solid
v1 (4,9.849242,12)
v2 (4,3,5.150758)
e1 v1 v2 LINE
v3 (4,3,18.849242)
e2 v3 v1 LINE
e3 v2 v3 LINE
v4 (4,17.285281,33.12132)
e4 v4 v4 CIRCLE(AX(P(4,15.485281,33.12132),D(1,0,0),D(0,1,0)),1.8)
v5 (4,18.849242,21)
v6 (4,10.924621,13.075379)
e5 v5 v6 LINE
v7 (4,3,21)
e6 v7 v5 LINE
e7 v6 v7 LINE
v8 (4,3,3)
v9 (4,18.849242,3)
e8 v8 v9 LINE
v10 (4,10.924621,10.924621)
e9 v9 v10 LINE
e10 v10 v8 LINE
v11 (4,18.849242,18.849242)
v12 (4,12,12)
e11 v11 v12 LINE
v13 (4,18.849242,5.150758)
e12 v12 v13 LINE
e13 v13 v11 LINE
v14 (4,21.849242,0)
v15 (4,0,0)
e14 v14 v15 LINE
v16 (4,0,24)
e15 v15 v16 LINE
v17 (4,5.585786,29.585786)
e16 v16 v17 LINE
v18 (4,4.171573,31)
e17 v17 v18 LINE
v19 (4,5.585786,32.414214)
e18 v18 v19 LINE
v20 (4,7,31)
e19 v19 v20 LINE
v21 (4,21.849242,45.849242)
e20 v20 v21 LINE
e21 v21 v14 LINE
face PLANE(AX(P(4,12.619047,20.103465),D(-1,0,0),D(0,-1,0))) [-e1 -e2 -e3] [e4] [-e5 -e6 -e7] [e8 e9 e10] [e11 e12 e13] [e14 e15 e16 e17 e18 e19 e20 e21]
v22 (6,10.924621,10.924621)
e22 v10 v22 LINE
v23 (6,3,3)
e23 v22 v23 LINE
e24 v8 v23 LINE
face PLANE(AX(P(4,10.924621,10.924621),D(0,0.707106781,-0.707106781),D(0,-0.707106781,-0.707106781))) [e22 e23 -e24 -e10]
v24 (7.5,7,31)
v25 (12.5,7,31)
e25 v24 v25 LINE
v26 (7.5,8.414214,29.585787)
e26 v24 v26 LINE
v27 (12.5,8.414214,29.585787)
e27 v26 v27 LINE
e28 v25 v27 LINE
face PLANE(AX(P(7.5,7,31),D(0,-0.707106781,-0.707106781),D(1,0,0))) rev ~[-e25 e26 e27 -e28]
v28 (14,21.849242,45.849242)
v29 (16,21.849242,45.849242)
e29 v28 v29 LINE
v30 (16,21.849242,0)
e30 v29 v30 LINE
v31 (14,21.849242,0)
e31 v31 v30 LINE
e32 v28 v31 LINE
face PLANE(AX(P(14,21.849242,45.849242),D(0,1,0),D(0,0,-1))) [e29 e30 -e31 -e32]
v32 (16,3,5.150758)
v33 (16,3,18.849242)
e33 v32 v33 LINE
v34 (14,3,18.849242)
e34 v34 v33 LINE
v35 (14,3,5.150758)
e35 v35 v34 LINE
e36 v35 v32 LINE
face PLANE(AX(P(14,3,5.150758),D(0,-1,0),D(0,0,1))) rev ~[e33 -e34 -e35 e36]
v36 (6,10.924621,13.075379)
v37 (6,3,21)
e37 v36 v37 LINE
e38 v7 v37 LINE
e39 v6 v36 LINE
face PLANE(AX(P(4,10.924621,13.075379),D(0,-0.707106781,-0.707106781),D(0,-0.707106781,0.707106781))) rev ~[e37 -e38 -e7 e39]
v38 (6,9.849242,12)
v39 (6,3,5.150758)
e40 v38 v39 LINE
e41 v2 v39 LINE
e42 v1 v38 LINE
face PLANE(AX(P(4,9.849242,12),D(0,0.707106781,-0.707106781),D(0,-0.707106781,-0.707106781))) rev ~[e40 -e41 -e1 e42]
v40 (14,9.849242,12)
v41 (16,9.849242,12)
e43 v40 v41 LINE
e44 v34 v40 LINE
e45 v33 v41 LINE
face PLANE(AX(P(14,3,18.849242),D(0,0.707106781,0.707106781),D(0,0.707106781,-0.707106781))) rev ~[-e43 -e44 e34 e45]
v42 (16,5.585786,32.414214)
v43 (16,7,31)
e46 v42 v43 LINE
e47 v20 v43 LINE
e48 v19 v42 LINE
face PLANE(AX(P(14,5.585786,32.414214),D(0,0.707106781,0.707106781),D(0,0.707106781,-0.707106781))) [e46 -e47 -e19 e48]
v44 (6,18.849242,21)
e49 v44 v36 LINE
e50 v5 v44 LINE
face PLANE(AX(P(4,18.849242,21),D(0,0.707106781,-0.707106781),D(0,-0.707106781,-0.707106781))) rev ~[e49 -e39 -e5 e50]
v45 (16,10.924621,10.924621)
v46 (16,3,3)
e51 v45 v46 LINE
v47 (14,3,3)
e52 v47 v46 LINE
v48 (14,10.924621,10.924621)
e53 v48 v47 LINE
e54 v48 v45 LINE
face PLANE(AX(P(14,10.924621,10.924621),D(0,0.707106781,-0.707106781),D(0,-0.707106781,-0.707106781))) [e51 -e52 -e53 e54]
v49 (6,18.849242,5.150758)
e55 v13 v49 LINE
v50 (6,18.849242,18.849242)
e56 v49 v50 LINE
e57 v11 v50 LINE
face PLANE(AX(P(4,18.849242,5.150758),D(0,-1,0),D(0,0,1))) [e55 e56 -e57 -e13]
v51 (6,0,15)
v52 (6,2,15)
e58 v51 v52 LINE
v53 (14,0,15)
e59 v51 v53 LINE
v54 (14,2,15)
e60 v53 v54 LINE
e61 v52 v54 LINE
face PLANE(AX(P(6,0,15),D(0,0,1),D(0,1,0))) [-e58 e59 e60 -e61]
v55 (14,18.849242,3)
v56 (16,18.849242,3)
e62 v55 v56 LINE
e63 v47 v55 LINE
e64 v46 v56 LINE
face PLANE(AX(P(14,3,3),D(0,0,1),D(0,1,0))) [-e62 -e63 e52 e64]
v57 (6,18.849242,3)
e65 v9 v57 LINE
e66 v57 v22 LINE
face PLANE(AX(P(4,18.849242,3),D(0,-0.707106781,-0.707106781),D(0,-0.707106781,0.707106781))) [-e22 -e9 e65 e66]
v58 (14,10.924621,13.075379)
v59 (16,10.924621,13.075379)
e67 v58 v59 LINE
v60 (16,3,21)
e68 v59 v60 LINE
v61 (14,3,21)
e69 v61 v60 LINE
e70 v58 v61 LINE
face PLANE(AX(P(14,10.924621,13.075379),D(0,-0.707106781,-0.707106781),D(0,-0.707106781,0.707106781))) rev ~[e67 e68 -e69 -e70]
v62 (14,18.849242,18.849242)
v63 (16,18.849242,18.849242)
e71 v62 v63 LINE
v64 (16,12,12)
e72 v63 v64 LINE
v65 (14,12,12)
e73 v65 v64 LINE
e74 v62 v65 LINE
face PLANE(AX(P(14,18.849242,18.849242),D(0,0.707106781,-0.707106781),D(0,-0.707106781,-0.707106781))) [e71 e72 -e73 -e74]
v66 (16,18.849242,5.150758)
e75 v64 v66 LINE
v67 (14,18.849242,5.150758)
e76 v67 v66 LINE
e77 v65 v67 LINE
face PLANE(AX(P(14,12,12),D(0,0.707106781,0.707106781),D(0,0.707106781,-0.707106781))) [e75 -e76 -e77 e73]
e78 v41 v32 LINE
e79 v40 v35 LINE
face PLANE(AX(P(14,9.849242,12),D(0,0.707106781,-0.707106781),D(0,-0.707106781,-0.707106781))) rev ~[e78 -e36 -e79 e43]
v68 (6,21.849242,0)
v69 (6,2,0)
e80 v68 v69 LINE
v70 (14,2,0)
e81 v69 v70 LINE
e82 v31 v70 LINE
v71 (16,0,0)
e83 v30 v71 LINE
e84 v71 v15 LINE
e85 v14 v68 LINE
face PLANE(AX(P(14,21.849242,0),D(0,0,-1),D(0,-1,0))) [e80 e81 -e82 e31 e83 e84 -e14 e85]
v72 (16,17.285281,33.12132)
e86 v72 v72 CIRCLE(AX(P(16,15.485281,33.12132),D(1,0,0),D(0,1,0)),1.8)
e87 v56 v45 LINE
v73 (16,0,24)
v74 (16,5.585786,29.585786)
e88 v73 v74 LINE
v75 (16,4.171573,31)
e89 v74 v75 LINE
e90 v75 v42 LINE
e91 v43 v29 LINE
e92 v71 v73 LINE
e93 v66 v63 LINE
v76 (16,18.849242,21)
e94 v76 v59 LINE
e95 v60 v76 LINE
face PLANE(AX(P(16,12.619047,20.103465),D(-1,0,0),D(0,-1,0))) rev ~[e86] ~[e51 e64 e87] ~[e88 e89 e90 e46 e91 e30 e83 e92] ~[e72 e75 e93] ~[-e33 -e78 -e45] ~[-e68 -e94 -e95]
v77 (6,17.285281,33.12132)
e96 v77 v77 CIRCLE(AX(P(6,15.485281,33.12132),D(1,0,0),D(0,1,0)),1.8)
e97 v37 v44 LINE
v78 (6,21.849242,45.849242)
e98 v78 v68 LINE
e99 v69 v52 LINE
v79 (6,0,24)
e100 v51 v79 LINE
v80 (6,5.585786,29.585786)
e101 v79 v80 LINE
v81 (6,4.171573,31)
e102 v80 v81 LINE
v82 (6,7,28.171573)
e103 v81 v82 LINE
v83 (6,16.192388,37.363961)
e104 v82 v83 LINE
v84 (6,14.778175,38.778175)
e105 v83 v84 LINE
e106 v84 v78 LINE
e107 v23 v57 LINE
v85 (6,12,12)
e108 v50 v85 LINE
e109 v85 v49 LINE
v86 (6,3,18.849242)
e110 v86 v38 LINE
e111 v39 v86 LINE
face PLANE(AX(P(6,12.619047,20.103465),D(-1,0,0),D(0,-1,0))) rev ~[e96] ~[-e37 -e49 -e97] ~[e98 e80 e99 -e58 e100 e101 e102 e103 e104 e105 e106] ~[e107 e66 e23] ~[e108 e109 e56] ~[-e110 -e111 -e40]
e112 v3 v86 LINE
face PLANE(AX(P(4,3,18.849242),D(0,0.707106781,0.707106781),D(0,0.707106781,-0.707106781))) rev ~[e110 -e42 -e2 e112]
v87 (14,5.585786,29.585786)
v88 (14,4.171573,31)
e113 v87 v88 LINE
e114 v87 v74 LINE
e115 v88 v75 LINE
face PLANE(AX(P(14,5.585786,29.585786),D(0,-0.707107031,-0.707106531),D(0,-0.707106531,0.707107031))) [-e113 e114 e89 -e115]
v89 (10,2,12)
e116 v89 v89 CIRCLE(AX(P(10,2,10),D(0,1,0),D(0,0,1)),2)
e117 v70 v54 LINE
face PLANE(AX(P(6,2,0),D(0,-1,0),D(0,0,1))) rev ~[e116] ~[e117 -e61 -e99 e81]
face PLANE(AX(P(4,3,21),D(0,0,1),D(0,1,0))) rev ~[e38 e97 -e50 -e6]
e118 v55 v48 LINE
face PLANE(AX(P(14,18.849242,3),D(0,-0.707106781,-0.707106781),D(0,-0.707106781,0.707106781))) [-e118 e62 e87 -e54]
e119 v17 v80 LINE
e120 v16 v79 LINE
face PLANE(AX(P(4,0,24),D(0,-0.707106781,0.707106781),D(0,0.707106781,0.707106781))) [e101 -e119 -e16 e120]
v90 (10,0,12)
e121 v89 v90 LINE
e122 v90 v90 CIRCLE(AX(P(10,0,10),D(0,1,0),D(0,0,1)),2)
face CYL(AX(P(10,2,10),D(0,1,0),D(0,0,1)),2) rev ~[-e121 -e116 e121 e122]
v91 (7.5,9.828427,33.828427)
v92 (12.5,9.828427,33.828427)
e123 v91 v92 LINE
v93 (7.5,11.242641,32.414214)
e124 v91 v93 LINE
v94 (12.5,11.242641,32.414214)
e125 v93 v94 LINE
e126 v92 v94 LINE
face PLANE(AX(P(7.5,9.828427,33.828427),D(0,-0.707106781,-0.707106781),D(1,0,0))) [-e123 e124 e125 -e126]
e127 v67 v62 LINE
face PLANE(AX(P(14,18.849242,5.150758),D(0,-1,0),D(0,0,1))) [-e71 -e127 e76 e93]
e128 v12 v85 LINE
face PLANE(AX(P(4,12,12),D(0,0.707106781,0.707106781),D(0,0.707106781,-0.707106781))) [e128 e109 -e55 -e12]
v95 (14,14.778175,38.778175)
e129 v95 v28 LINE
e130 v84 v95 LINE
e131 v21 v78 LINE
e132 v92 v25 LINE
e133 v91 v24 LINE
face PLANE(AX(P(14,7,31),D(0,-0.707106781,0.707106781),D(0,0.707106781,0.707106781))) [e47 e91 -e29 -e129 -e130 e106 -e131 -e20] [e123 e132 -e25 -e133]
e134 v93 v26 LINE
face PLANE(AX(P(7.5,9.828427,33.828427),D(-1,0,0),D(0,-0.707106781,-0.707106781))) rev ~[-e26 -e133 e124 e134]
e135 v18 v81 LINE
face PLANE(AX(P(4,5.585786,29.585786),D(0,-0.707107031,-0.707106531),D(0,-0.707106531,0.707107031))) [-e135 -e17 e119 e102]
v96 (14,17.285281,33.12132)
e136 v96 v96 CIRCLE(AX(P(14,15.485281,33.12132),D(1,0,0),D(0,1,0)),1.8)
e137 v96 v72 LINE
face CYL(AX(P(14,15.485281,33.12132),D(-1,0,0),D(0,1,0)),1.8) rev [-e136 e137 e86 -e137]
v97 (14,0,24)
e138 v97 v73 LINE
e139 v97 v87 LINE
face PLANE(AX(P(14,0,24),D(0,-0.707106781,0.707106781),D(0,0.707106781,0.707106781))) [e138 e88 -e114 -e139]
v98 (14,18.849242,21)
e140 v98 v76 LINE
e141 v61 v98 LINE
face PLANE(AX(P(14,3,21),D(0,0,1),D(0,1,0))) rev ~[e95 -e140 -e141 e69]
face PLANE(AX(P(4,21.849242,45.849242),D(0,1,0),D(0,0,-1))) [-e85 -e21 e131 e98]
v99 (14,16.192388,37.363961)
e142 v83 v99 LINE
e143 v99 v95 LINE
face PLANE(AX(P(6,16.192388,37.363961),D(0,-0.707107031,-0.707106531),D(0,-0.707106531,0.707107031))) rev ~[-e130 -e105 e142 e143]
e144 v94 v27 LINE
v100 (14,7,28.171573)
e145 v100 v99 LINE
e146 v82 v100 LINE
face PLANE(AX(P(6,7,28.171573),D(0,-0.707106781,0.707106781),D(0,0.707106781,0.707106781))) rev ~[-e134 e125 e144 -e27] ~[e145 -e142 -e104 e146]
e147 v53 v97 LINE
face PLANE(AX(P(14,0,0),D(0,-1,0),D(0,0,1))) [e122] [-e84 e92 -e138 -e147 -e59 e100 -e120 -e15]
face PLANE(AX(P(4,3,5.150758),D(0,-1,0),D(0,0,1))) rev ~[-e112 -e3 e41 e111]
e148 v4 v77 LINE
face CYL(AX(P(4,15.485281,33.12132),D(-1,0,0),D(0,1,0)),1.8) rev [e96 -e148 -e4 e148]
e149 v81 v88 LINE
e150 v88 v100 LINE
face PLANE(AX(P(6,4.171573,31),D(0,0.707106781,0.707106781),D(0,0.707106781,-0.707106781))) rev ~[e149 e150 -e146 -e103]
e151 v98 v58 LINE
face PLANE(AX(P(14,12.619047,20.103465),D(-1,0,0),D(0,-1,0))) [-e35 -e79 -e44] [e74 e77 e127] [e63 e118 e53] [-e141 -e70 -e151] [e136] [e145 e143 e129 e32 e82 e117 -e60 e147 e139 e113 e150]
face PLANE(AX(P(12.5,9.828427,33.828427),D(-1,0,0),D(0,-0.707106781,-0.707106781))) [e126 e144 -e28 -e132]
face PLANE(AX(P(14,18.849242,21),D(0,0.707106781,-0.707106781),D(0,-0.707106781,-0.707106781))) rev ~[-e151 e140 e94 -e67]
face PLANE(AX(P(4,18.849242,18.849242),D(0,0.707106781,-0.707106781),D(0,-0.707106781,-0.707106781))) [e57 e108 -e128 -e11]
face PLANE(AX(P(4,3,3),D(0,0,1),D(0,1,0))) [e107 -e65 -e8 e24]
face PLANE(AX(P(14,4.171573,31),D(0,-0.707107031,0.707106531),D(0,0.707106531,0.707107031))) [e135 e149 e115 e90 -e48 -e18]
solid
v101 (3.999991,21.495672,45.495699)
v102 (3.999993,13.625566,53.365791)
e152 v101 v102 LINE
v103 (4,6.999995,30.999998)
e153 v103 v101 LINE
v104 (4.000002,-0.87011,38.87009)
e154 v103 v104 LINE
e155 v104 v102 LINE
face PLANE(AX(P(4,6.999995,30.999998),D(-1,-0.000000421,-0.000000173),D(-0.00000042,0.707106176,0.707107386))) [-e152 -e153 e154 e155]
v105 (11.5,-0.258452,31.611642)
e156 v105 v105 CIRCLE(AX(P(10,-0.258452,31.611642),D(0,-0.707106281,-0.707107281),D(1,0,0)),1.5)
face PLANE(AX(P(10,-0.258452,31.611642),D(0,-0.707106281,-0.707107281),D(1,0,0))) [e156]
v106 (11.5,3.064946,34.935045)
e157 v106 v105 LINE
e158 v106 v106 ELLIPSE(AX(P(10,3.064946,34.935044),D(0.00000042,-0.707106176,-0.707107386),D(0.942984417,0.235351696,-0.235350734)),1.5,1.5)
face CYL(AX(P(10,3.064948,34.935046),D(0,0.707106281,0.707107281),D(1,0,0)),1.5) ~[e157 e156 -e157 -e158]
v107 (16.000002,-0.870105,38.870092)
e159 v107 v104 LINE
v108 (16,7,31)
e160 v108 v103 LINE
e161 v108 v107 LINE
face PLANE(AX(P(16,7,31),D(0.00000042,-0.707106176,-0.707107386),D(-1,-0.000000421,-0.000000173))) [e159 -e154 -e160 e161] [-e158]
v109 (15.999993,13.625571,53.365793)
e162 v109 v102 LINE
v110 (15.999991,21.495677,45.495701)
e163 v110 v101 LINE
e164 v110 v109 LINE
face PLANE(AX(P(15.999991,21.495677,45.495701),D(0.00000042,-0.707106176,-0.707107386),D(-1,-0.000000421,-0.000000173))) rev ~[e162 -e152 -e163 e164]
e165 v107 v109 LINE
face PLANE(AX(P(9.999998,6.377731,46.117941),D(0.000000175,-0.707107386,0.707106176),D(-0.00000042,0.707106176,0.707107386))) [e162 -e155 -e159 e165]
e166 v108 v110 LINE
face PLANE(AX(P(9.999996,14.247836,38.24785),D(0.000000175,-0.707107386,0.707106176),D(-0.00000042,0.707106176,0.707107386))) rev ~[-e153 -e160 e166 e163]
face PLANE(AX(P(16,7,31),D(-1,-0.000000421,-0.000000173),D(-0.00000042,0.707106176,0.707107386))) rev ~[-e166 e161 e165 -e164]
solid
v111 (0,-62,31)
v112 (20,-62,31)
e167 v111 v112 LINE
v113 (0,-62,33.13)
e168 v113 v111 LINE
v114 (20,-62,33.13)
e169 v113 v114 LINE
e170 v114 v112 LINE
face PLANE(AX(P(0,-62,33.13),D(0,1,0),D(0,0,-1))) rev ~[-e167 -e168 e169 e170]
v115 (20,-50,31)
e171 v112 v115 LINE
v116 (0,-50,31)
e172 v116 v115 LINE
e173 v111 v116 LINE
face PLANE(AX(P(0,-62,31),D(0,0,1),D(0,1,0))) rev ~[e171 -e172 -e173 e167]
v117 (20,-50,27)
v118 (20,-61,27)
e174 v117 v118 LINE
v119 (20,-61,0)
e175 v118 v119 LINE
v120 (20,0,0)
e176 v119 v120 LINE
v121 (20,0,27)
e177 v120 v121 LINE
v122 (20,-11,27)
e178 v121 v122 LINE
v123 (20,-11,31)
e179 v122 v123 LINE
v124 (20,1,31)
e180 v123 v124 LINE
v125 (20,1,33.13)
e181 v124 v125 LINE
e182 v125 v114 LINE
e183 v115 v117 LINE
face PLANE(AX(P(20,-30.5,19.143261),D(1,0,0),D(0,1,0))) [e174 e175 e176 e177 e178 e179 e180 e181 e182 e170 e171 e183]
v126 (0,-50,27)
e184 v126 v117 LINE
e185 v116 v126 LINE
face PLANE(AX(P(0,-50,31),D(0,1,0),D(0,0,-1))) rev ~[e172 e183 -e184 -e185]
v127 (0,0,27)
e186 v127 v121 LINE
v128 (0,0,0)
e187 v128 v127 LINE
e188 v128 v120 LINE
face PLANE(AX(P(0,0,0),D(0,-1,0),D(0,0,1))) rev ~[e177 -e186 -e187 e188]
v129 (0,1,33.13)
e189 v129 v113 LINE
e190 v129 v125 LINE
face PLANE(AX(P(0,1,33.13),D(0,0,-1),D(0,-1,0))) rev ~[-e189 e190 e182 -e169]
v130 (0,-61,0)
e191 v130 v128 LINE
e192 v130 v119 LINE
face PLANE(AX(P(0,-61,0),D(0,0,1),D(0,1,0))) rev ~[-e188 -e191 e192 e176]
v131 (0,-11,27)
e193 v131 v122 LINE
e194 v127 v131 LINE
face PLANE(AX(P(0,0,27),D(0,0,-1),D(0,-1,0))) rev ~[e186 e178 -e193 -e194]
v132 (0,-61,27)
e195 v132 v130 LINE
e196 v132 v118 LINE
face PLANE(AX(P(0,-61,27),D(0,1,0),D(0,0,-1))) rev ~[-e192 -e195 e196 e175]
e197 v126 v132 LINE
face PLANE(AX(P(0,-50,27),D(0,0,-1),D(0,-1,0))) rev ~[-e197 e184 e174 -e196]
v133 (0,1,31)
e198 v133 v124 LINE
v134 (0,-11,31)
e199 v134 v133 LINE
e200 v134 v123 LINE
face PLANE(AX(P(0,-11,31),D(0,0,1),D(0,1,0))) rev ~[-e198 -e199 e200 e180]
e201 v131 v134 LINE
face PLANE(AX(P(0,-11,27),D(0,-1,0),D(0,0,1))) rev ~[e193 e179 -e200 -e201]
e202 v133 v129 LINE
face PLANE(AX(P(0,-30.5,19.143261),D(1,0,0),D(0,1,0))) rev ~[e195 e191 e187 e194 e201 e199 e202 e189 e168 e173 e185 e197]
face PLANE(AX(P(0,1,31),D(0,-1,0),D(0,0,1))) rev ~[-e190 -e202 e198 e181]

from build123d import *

# Parameters (mm, degrees)
PAD_DEPTH           = 20
BOX_W               = 20.5
BOX_H               = 12
BOX_DEPTH           = 11.13
BOX_ROLL_ANGLE      = -1.4e-05
BOX_PITCH_ANGLE     = -45.000049
BOX_PLACEMENT_ANGLE = 90.000034
SKETCH001_R         = 1.5
PAD001_DEPTH        = 4.7
SKETCH002_R         = 1.8
PAD002_DEPTH        = 2
SKETCH003_R         = 1.8
POCKET_DEPTH        = 3.001
SKETCH004_W         = 2
SKETCH004_H         = 15
PAD003_DEPTH        = 8
SKETCH005_W         = 4
SKETCH005_H         = 5
POCKET001_DEPTH     = 32.42131
SKETCH006_R         = 2
POCKET002_DEPTH     = 2.001


with BuildPart() as pad:
    # Sketch → Pad (new body)
    with BuildSketch(Plane.YZ):
        Polygon((-61, 0), (0, 0), (0, 27), (-11, 27), (-11, 31), (1, 31), (1, 33.13), (-62, 33.13), (-62, 31), (-50, 31), (-50, 27), (-61, 27), align=None)
    extrude(amount=PAD_DEPTH)


with BuildPart() as pad001:
    # Box → Box (new body)
    with BuildSketch(Plane.XY):
        with Locations((10.25, 6)):
            Rectangle(BOX_W, BOX_H)
    extrude(amount=BOX_DEPTH)


with BuildPart() as pad001_1:
    # Box roll: moved
    add(pad001.part.rotate(Axis((0, 0, 0), (1, 0, 0)), BOX_ROLL_ANGLE))


with BuildPart() as pad001_2:
    # Box pitch: moved
    add(pad001_1.part.rotate(Axis((0, 0, 0), (0, 1, 0)), BOX_PITCH_ANGLE))


with BuildPart() as pad001_3:
    # Box placement: moved
    add(pad001_2.part.moved(Location((16, 7, 31))).rotate(Axis((16, 7, 31), (0, 0, 1)), BOX_PLACEMENT_ANGLE))

    # Sketch001 → Pad001 (new body)
    with BuildSketch(Plane(origin=(16, 7, 31), x_dir=(1, 0, 0), z_dir=(0, -0.707106, -0.707107))):
        with Locations((-6, 5.565)):
            Circle(SKETCH001_R)
    extrude(amount=PAD001_DEPTH)


with BuildPart() as pocket:
    # Sketch002 → Pad002 (new body)
    with BuildSketch(Plane.YZ.offset(4)):
        Polygon((21.849242, 0), (0, 0), (0, 24), (5.585786, 29.585786), (4.171573, 31), (5.585786, 32.414214), (7, 31), (21.849242, 45.849242), align=None)
        with Locations((15.485281, 33.12132)):
            Circle(SKETCH002_R, mode=Mode.SUBTRACT)
        Polygon((3, 18.849242), (9.849242, 12), (3, 5.150758), align=None, mode=Mode.SUBTRACT)
        Polygon((18.849242, 18.849242), (12, 12), (18.849242, 5.150758), align=None, mode=Mode.SUBTRACT)
        Polygon((3, 21), (18.849242, 21), (10.924621, 13.075379), align=None, mode=Mode.SUBTRACT)
        Polygon((10.924621, 10.924621), (3, 3), (18.849242, 3), align=None, mode=Mode.SUBTRACT)
    extrude(amount=PAD002_DEPTH)

    # Sketch003 → Pocket (cut, through all)
    with BuildSketch(Plane(origin=(4, 0, 3), x_dir=(0, -1, 0), z_dir=(0, 0, 1))):
        with Locations((-15, 7)):
            Circle(SKETCH003_R)
    extrude(amount=-POCKET_DEPTH, mode=Mode.SUBTRACT)


with BuildPart() as clone_of_pocket:
    # Clone base: copy of Pocket
    add(pocket.part)


with BuildPart() as clone_of_pocket_1:
    # Clone placement: moved
    add(clone_of_pocket.part.moved(Location((10, 0, 0))))


with BuildPart() as fusion:
    # Pad003 base: copy of Pocket
    add(pocket.part)

    # Sketch004 → Pad003 (new body)
    with BuildSketch(Plane.YZ.offset(6)):
        Polygon((7, 31), (5.585786, 32.414214), (4.171573, 31), (7, 28.171573), (16.192388, 37.363961), (14.778175, 38.778175), align=None)
        with Locations((1, 7.5)):
            Rectangle(SKETCH004_W, SKETCH004_H)
    extrude(amount=PAD003_DEPTH)

    # Sketch005 → Pocket001 (cut, through all)
    with BuildSketch(Plane(origin=(4, -12, 12), x_dir=(0, -0.707107, -0.707107), z_dir=(0, -0.707107, 0.707107))):
        with Locations((-28.870058, 6)):
            Rectangle(SKETCH005_W, SKETCH005_H)
    extrude(amount=-POCKET001_DEPTH, mode=Mode.SUBTRACT)

    # Sketch006 → Pocket002 (cut, through all)
    with BuildSketch(Plane(origin=(4, 2, 0), x_dir=(0, 0, 1), z_dir=(0, 1, 0))):
        with Locations((10, 6)):
            Circle(SKETCH006_R)
    extrude(amount=-POCKET002_DEPTH, mode=Mode.SUBTRACT)

    # Fusion: union Clone of Pocket
    add(clone_of_pocket_1.part)


solid = Compound([pad.part, pad001_3.part, fusion.part])
